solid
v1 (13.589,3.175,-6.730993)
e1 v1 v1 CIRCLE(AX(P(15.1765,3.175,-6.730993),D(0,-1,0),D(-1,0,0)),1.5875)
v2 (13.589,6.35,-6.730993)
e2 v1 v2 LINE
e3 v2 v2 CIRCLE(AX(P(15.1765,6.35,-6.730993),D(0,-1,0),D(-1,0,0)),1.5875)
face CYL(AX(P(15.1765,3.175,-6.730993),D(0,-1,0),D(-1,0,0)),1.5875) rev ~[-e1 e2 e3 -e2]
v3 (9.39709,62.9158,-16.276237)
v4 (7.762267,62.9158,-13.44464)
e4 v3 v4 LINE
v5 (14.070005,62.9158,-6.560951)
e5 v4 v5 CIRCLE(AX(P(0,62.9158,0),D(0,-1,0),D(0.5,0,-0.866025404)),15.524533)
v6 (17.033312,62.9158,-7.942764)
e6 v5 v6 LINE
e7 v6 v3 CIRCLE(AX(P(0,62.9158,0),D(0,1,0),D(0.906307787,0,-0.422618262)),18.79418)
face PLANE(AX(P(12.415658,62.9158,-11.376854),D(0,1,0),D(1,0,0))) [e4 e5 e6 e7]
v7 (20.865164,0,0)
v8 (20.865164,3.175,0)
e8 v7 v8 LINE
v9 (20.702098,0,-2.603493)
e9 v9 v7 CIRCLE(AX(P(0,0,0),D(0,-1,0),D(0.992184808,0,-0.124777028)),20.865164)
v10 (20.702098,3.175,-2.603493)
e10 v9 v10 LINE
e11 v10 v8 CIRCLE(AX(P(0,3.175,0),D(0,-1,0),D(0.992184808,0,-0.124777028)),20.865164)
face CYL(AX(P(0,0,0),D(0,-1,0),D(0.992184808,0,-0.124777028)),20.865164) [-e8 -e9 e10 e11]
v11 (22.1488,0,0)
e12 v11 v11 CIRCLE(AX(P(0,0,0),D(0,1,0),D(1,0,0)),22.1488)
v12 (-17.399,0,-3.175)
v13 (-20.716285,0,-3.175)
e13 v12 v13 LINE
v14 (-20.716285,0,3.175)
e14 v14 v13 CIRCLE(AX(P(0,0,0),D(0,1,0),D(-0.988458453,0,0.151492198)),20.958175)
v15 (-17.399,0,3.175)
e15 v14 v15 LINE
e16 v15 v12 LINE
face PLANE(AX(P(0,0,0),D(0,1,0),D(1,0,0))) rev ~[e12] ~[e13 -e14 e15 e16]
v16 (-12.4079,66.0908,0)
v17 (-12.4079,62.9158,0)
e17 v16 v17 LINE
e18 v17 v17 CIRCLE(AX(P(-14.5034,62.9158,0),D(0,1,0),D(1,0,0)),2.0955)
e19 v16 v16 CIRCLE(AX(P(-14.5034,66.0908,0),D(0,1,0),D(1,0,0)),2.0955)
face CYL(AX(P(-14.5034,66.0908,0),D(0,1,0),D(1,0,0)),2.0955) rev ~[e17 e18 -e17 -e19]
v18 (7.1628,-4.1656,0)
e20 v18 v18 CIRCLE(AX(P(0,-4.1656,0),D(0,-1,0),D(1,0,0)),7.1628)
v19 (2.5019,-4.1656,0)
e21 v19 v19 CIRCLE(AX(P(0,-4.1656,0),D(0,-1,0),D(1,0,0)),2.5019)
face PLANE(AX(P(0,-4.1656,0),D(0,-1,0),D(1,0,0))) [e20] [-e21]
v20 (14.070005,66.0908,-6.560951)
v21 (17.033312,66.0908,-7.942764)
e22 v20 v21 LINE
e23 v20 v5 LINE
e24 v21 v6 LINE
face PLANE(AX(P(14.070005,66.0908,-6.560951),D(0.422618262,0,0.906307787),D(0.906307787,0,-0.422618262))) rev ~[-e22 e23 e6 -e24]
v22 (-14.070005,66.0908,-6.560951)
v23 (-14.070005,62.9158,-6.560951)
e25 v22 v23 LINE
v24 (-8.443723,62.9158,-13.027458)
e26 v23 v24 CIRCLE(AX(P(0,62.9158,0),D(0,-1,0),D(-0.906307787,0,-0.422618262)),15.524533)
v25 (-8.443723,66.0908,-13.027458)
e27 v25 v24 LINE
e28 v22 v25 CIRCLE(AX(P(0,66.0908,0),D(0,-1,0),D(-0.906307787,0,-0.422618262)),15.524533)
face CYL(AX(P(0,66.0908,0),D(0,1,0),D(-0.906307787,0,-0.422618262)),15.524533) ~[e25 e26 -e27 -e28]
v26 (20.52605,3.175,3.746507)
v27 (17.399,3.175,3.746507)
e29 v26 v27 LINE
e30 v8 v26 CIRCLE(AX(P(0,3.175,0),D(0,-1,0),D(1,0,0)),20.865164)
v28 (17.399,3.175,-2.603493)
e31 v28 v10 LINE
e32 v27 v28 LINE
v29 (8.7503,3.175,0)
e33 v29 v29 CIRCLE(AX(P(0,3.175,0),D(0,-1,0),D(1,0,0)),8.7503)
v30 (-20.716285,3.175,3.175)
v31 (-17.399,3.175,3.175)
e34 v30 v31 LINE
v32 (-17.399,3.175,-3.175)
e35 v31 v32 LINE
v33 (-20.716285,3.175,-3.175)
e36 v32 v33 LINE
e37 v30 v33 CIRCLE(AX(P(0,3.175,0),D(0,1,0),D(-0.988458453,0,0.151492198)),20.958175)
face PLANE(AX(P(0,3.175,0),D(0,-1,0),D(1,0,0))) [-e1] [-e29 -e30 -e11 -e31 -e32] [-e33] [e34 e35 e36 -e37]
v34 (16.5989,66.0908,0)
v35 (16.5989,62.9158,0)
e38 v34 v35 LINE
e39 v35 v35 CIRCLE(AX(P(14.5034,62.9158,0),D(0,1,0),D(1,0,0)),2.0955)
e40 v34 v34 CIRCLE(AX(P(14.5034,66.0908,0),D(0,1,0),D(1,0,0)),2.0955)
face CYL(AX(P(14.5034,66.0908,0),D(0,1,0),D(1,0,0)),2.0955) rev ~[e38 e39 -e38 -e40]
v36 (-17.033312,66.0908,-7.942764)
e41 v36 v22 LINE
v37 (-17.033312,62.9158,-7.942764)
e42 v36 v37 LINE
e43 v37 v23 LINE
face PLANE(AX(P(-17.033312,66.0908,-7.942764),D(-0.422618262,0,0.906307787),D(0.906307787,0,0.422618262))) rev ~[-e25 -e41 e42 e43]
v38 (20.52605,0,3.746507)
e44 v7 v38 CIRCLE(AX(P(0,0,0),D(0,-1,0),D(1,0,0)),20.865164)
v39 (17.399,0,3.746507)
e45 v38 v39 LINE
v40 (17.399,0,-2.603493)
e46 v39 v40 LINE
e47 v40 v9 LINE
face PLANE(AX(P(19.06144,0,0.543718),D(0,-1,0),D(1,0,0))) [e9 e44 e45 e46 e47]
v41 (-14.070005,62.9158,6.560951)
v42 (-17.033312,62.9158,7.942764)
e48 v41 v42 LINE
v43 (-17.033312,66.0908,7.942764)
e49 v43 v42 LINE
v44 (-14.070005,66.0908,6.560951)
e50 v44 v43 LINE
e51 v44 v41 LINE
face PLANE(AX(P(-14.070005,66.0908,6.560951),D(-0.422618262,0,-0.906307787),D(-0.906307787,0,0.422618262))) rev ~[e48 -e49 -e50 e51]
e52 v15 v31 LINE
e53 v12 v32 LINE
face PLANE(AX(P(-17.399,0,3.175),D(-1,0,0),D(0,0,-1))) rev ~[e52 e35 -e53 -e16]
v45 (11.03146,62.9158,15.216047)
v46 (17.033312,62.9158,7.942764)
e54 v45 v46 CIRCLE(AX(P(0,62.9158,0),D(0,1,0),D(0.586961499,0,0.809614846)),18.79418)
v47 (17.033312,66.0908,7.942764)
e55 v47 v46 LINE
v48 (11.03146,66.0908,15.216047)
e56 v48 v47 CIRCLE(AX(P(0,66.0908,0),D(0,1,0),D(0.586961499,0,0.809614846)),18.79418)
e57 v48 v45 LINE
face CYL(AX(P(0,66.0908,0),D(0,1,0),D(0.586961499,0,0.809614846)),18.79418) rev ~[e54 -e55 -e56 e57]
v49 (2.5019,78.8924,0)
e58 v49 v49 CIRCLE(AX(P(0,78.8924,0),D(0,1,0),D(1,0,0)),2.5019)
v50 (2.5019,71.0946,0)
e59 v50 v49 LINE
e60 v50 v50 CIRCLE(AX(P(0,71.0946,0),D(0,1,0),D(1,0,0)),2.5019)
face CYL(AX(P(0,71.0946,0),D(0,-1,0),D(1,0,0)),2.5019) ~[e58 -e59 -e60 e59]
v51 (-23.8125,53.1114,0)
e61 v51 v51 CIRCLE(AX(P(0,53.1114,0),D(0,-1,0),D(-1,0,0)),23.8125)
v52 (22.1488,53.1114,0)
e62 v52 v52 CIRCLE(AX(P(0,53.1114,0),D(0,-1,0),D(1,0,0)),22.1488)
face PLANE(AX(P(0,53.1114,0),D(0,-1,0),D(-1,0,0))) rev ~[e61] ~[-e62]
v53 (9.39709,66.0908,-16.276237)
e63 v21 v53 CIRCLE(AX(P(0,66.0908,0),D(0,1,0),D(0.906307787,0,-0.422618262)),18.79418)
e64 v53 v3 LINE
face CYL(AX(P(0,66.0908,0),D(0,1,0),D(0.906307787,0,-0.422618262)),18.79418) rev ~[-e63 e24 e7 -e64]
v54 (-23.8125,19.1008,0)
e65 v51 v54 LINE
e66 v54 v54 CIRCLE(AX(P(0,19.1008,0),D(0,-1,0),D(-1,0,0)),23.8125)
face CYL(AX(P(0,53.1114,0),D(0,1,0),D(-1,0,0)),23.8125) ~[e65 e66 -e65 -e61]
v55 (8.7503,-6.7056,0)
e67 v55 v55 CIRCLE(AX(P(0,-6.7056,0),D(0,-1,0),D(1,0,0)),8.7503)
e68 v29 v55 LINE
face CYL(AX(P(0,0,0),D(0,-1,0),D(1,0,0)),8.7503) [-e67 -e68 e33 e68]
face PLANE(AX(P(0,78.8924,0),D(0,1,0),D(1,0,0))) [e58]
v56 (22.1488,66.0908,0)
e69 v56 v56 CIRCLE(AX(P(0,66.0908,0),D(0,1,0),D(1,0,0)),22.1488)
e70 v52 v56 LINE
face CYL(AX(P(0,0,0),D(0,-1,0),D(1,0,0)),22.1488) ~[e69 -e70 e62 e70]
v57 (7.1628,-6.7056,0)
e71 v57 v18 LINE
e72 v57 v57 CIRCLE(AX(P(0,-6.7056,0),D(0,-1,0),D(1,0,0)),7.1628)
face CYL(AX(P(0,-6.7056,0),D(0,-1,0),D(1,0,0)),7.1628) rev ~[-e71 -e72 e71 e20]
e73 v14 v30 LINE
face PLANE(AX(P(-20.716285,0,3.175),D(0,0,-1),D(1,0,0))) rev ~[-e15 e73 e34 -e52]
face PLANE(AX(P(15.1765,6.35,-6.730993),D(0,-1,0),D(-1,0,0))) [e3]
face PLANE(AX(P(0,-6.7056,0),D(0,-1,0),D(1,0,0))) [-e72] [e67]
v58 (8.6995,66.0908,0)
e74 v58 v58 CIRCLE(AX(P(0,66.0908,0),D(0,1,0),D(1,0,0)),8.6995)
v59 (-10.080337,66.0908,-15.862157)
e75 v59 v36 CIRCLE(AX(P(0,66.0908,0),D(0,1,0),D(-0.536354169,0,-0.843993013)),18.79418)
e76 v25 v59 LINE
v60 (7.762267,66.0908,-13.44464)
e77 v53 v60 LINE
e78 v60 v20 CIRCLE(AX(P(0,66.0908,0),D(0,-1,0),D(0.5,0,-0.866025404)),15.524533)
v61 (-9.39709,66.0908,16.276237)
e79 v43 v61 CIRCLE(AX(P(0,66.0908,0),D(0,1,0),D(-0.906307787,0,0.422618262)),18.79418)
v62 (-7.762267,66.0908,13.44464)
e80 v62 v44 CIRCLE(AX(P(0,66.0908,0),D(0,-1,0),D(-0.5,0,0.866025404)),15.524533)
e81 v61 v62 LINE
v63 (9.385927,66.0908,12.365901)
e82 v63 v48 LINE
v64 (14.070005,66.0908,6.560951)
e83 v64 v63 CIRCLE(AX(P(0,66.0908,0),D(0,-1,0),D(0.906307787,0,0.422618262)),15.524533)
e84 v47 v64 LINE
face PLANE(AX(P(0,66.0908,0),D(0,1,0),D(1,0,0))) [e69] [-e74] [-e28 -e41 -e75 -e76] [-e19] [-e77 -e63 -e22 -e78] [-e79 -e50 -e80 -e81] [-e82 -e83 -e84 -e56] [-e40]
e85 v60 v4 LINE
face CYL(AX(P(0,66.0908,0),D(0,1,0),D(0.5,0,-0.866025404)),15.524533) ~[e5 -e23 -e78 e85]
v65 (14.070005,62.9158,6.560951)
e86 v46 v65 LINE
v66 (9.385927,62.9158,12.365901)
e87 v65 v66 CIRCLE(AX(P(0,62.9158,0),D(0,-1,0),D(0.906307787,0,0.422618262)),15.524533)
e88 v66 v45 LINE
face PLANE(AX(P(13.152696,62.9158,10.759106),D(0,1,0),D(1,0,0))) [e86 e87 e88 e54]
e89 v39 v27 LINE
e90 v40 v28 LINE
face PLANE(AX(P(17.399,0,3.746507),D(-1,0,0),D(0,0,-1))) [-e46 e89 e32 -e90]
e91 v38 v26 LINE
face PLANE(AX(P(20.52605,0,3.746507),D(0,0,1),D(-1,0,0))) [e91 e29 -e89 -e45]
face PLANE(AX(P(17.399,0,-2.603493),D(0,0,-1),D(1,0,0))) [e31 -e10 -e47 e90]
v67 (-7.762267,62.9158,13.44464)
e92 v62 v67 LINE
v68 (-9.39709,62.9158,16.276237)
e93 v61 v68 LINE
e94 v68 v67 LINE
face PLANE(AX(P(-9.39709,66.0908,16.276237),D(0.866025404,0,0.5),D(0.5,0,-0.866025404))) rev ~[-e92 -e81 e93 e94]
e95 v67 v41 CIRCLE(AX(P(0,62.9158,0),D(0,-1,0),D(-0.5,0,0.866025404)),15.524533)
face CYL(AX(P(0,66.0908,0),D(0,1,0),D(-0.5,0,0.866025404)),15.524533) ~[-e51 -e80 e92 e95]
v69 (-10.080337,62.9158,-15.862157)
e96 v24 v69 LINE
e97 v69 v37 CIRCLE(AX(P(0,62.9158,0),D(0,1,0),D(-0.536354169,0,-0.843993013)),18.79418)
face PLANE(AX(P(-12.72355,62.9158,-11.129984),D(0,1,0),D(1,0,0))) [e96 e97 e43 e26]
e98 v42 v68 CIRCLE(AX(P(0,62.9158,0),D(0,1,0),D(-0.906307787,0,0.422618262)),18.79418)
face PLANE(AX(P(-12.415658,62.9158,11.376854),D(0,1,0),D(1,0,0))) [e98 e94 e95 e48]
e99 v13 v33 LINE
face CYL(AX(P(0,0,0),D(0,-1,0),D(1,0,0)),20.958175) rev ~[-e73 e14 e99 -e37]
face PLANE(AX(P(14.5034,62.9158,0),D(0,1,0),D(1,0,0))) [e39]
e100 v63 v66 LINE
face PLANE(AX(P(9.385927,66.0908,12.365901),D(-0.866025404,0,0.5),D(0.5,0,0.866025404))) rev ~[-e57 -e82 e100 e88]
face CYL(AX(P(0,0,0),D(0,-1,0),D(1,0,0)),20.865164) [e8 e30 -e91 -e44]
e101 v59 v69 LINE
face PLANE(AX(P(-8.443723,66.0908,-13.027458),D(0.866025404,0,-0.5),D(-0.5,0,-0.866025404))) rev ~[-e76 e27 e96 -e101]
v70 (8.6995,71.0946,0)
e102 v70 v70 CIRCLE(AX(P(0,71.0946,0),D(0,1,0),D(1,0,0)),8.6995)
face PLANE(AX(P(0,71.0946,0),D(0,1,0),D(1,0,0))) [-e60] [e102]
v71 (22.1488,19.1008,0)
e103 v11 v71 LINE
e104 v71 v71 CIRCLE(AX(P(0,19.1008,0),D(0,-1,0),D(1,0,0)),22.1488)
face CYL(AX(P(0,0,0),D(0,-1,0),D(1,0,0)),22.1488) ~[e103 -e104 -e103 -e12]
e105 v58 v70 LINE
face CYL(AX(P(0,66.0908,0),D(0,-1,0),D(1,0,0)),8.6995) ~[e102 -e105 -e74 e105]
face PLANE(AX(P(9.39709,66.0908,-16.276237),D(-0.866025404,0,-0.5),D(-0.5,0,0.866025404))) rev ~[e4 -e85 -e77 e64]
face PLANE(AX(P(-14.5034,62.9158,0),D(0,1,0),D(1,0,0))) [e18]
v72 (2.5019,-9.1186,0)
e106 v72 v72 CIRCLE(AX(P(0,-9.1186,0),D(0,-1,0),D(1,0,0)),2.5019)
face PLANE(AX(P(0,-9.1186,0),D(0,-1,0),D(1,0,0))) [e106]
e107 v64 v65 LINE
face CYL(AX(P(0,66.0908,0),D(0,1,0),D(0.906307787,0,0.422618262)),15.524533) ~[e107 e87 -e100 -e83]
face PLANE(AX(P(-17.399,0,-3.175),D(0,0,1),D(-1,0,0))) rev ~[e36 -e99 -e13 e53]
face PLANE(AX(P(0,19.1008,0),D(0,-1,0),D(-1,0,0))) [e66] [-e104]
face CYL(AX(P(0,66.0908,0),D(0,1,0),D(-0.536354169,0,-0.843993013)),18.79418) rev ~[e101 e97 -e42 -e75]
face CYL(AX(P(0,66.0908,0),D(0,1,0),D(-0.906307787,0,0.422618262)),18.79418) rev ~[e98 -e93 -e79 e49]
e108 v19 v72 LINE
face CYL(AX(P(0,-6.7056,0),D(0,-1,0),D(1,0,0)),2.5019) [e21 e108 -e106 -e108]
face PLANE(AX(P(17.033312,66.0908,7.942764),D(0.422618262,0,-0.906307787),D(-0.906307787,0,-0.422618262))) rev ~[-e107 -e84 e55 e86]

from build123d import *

# Parameters (mm, degrees)
SKETCH2_R            = 22.1488
BOSS_EXTRUDE4_DEPTH  = 66.0908
SKETCH4_R            = 8.6995
BOSS_EXTRUDE5_DEPTH  = 5.0038
SKETCH9_R            = 2.5019
BOSS_EXTRUDE6_DEPTH  = 7.7978
SKETCH10_R           = 8.7503
BOSS_EXTRUDE7_DEPTH  = 6.7056
SKETCH11_R           = 2.5019
BOSS_EXTRUDE8_DEPTH  = 2.413
SKETCH12_R           = 23.8125
BOSS_EXTRUDE9_DEPTH  = 34.0106
SKETCH13_R           = 2.0955
CUT_EXTRUDE1_DEPTH   = 3.175
CUT_EXTRUDE2_DEPTH   = 3.175
SKETCH15_R           = 20.958175
SKETCH15_R_2         = 8.7503
CUT_EXTRUDE3_DEPTH   = 3.175
SKETCH16_R           = 7.1628
SKETCH16_R_2         = 2.5019
CUT_EXTRUDE4_DEPTH   = 2.54
BOSS_EXTRUDE12_DEPTH = 3.175
BOSS_EXTRUDE13_DEPTH = 3.175
SKETCH20_R           = 1.5875
CUT_EXTRUDE5_DEPTH   = 3.175


with BuildPart() as part:
    # Sketch2 → Boss-Extrude4 (new body)
    with BuildSketch(Plane(origin=(0, 0, 0), x_dir=(1, 0, 0), z_dir=(0, 1, 0))):
        Circle(SKETCH2_R)
    extrude(amount=BOSS_EXTRUDE4_DEPTH)

    # Sketch4 → Boss-Extrude5 (add)
    with BuildSketch(Plane(origin=(0, 66.0908, 0), x_dir=(1, 0, 0), z_dir=(0, 1, 0))):
        Circle(SKETCH4_R)
    extrude(amount=BOSS_EXTRUDE5_DEPTH)

    # Sketch9 → Boss-Extrude6 (add)
    with BuildSketch(Plane(origin=(0, 71.0946, 0), x_dir=(1, 0, 0), z_dir=(0, 1, 0))):
        Circle(SKETCH9_R)
    extrude(amount=BOSS_EXTRUDE6_DEPTH)

    # Sketch10 → Boss-Extrude7 (add)
    with BuildSketch(Plane.XZ):
        Circle(SKETCH10_R)
    extrude(amount=BOSS_EXTRUDE7_DEPTH)

    # Sketch11 → Boss-Extrude8 (add)
    with BuildSketch(Plane.XZ.offset(6.7056)):
        Circle(SKETCH11_R)
    extrude(amount=BOSS_EXTRUDE8_DEPTH)

    # Sketch12 → Boss-Extrude9 (add)
    with BuildSketch(Plane(origin=(0, 53.1114, 0), x_dir=(-1, 0, 0), z_dir=(0, -1, 0))):
        Circle(SKETCH12_R)
    extrude(amount=BOSS_EXTRUDE9_DEPTH)

    # Sketch13 → Cut-Extrude1 (cut)
    with BuildSketch(Plane(origin=(0, 66.0908, 0), x_dir=(1, 0, 0), z_dir=(0, 1, 0))):
        with Locations((-14.5034, 0)):
            Circle(SKETCH13_R)
        with Locations((14.5034, 0)):
            Circle(SKETCH13_R)
    extrude(amount=-CUT_EXTRUDE1_DEPTH, mode=Mode.SUBTRACT)

    # Sketch14 → Cut-Extrude2 (cut)
    with BuildSketch(Plane(origin=(0, 66.0908, 0), x_dir=(1, 0, 0), z_dir=(0, 1, 0))):
        with BuildLine():
            Line((-14.070005184, -6.560951168), (-17.033311719, -7.942763698))
            ThreePointArc((-17.033311719, -7.942763698), (-13.856523006, -12.697163994), (-9.397090019, -16.276237356))
            Line((-9.397090019, -16.276237356), (-7.76226652, -13.444639995))
            ThreePointArc((-7.76226652, -13.444639995), (-11.445886375, -10.4882225), (-14.070005184, -6.560951168))
        make_face()
        with BuildLine():
            ThreePointArc((-10.080336815, 15.862156631), (-14.123267338, 12.399779151), (-17.033311719, 7.942763698))
            Line((-17.033311719, 7.942763698), (-14.070005184, 6.560951168))
            ThreePointArc((-14.070005184, 6.560951168), (-11.711998853, 10.190201616), (-8.44372295, 13.027458265))
            Line((-8.44372295, 13.027458265), (-10.080336815, 15.862156631))
        make_face()
        with BuildLine():
            ThreePointArc((17.033311719, 7.942763698), (13.856523006, 12.697163994), (9.397090019, 16.276237356))
            Line((9.397090019, 16.276237356), (7.76226652, 13.444639995))
            ThreePointArc((7.76226652, 13.444639995), (11.445886375, 10.4882225), (14.070005184, 6.560951168))
            Line((14.070005184, 6.560951168), (17.033311719, 7.942763698))
        make_face()
        with BuildLine():
            Line((9.385927189, -12.365900571), (11.031460095, -15.21604717))
            ThreePointArc((11.031460095, -15.21604717), (14.495965555, -11.961947414), (17.033311719, -7.942763698))
            Line((17.033311719, -7.942763698), (14.070005184, -6.560951168))
            ThreePointArc((14.070005184, -6.560951168), (12.081785889, -9.748926908), (9.385927189, -12.365900571))
        make_face()
    extrude(amount=-CUT_EXTRUDE2_DEPTH, mode=Mode.SUBTRACT)

    # Sketch15 → Cut-Extrude3 (cut)
    with BuildSketch(Plane.XZ):
        Circle(SKETCH15_R)
        Circle(SKETCH15_R_2, mode=Mode.SUBTRACT)
    extrude(amount=-CUT_EXTRUDE3_DEPTH, mode=Mode.SUBTRACT)

    # Sketch16 → Cut-Extrude4 (cut)
    with BuildSketch(Plane.XZ.offset(6.7056)):
        Circle(SKETCH16_R)
        Circle(SKETCH16_R_2, mode=Mode.SUBTRACT)
    extrude(amount=-CUT_EXTRUDE4_DEPTH, mode=Mode.SUBTRACT)

    # Sketch18 → Boss-Extrude12 (add)
    with BuildSketch(Plane.XZ):
        with BuildLine():
            ThreePointArc((20.865163654, 0), (20.780212376, 1.88091146), (20.52605029, 3.746506881))
            Line((20.52605029, 3.746506881), (17.399, 3.746506881))
            Line((17.399, 3.746506881), (17.399, -2.603493119))
            Line((17.399, -2.603493119), (20.702098393, -2.603493119))
            ThreePointArc((20.702098393, -2.603493119), (20.824357436, -1.304297387), (20.865163654, 0))
        make_face()
    extrude(amount=-BOSS_EXTRUDE12_DEPTH)

    # Sketch19 → Boss-Extrude13 (add)
    with BuildSketch(Plane(origin=(0, 0, 0), x_dir=(-1, 0, 0), z_dir=(0, -1, 0))):
        with BuildLine():
            Line((20.716285244, -3.175), (17.399, -3.175))
            Line((17.399, -3.175), (17.399, 3.175))
            Line((17.399, 3.175), (20.716285244, 3.175))
            ThreePointArc((20.716285244, 3.175), (20.958175, 0), (20.716285244, -3.175))
        make_face()
    extrude(amount=-BOSS_EXTRUDE13_DEPTH)

    # Sketch20 → Cut-Extrude5 (cut)
    with BuildSketch(Plane(origin=(0, 3.175, 0), x_dir=(-1, 0, 0), z_dir=(0, -1, 0))):
        with Locations((-15.1765, 6.730993119)):
            Circle(SKETCH20_R)
    extrude(amount=-CUT_EXTRUDE5_DEPTH, mode=Mode.SUBTRACT)


solid = part.part
